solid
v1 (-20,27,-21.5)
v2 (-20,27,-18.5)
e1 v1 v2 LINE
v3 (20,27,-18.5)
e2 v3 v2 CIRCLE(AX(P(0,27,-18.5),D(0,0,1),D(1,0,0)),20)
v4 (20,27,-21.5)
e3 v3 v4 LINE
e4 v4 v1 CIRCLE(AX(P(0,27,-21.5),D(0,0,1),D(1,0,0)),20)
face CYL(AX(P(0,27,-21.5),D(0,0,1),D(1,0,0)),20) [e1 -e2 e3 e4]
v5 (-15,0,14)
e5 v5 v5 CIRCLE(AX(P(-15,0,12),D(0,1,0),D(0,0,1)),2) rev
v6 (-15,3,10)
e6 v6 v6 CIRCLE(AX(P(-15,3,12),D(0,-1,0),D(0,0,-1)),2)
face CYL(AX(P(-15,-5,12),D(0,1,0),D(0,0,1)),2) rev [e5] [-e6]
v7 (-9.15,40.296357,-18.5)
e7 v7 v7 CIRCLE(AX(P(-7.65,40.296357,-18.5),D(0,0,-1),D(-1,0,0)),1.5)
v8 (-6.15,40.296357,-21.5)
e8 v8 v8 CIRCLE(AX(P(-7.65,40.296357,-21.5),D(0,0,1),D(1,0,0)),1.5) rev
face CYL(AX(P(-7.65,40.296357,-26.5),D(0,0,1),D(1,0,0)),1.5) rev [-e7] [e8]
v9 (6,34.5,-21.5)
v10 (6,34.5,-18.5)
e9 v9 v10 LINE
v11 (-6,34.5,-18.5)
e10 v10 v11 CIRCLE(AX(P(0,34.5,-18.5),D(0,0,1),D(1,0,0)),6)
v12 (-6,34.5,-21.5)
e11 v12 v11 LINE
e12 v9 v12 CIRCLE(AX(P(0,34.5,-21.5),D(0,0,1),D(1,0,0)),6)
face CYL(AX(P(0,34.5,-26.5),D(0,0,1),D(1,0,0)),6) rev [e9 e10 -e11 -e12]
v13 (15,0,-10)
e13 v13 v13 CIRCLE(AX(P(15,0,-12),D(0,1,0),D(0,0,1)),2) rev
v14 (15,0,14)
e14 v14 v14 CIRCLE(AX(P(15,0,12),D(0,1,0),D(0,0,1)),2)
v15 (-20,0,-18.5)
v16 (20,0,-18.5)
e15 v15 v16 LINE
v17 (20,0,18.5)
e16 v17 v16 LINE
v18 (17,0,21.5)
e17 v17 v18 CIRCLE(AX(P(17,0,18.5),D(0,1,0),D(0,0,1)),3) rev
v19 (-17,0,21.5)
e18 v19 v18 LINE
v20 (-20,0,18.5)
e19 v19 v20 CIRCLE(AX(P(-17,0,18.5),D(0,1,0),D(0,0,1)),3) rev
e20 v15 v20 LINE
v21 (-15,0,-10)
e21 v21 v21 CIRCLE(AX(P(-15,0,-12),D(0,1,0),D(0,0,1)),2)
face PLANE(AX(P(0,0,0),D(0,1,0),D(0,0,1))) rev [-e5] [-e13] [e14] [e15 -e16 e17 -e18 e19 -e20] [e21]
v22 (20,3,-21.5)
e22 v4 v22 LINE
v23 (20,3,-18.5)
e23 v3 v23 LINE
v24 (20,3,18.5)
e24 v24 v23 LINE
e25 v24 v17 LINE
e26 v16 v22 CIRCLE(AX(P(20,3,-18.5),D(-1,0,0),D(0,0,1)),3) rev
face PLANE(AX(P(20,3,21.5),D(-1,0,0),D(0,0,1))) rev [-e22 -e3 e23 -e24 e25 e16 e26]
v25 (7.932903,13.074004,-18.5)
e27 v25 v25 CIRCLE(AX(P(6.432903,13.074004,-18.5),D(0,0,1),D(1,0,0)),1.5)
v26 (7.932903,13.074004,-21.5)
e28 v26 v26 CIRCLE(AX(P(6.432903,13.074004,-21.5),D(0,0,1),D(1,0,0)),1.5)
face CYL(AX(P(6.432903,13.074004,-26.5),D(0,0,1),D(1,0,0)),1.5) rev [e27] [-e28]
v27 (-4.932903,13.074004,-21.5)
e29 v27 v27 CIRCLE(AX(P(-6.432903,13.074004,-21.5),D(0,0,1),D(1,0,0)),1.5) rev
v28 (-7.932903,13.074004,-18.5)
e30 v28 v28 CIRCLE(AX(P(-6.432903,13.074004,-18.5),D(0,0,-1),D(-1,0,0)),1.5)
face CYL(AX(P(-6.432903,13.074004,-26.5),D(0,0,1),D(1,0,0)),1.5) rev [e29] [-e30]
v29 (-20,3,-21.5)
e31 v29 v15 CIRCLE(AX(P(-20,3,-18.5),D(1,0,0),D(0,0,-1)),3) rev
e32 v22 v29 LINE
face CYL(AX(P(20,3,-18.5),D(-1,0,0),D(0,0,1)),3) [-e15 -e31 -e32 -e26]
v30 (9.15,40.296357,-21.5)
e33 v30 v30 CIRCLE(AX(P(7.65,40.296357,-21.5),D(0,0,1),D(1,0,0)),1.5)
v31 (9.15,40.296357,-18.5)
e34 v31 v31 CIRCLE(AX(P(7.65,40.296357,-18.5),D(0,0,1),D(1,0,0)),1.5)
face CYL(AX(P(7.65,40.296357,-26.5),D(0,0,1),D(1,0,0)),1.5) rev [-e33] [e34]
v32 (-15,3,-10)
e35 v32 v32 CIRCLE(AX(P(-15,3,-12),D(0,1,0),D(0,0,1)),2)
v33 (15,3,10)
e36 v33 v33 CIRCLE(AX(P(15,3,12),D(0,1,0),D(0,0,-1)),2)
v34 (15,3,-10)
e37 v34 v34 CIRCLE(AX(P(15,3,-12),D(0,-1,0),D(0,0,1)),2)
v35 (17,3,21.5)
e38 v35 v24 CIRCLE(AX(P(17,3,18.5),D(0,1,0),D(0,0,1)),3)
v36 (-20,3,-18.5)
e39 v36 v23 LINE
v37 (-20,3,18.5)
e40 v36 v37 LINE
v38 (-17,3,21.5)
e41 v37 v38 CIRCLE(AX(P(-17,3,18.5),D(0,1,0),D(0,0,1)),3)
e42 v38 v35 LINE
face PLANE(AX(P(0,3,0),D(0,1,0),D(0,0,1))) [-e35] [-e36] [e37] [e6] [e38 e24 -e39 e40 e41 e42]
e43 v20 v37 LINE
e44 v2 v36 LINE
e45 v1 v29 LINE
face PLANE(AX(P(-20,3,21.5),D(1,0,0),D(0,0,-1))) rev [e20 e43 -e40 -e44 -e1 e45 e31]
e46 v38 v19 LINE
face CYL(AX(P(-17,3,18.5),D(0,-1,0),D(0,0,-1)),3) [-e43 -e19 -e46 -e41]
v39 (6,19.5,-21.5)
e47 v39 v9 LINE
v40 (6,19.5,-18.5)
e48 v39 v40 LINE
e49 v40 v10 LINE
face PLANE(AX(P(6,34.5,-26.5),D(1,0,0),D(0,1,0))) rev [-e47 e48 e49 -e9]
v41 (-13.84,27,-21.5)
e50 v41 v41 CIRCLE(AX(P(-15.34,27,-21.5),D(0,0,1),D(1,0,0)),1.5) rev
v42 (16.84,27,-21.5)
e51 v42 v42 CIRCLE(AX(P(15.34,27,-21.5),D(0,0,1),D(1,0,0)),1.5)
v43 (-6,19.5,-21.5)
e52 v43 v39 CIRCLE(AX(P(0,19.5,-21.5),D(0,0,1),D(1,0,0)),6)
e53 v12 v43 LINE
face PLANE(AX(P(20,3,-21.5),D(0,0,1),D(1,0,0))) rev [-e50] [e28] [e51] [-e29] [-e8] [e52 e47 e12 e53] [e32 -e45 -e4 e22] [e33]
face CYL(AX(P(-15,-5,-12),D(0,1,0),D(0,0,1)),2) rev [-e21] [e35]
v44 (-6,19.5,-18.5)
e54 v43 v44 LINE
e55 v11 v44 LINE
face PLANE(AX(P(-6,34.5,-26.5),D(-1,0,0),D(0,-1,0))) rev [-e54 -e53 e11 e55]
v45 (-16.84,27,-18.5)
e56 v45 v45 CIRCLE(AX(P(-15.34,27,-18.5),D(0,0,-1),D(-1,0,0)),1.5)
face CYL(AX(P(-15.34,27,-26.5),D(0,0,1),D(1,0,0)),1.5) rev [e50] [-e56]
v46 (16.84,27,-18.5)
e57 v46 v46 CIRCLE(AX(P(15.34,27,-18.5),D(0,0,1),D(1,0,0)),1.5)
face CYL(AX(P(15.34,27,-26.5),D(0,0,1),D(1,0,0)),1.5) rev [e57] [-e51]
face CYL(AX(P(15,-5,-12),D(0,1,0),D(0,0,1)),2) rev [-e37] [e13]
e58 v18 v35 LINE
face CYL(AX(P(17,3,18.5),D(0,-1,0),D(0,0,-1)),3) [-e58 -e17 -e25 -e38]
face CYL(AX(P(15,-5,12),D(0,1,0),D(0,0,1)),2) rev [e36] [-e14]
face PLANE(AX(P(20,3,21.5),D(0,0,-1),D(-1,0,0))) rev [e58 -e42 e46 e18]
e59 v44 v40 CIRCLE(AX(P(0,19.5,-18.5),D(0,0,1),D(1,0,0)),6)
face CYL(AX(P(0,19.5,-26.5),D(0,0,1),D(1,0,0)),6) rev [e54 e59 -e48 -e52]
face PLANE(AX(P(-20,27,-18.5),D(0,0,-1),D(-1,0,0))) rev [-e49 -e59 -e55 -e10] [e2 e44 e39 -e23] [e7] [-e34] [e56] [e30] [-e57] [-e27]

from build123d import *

# Parameters (mm, degrees)
SKETCH3_W               = 40
SKETCH3_H               = 43
BOSS_EXTRUDE1_DEPTH     = 3
SKETCH4_W               = 40
SKETCH4_H               = 3
BOSS_EXTRUDE2_DEPTH     = 24
SKETCH6_R               = 20
BOSS_EXTRUDE3_DEPTH     = 3
SKETCH7_R               = 1.5
CUT_EXTRUDE1_DEPTH      = 8
FILLET1_R               = 3
SKETCH8_R               = 2
CUT_EXTRUDE2_DEPTH      = 8
MIRROR3_COPY_1_SKETCH_R = 2
MIRROR3_COPY_1_DEPTH    = 8
FILLET2_R               = 3
CUT_EXTRUDE3_DEPTH      = 8


with BuildPart() as part:
    # Sketch3 → Boss-Extrude1 (new body)
    with BuildSketch(Plane(origin=(0, 0, 0), x_dir=(1, 0, 0), z_dir=(0, 1, 0))):
        Rectangle(SKETCH3_W, SKETCH3_H)
    extrude(amount=BOSS_EXTRUDE1_DEPTH)

    # Sketch4 → Boss-Extrude2 (add)
    with BuildSketch(Plane(origin=(0, 3, 0), x_dir=(1, 0, 0), z_dir=(0, 1, 0))):
        with Locations((0, 20)):
            Rectangle(SKETCH4_W, SKETCH4_H)
    extrude(amount=BOSS_EXTRUDE2_DEPTH)

    # Sketch6 → Boss-Extrude3 (add)
    with BuildSketch(Plane.XY.offset(-18.5)):
        with Locations((0, 27)):
            Circle(SKETCH6_R)
    extrude(amount=-BOSS_EXTRUDE3_DEPTH)

    # Sketch7 → Cut-Extrude1 (cut)
    with BuildSketch(Plane.XY.offset(-18.5)):
        with Locations((7.65, 40.296356644)):
            Circle(SKETCH7_R)
        with Locations((15.34, 27)):
            Circle(SKETCH7_R)
        with Locations((6.432903226, 13.074004305)):
            Circle(SKETCH7_R)
    cut_extrude1 = extrude(amount=-CUT_EXTRUDE1_DEPTH, mode=Mode.SUBTRACT)

    # Mirror1: Cut-Extrude1 across plane
    add(cut_extrude1.mirror(Plane(origin=(0, 0, 0), x_dir=(0, 0, 1), z_dir=(1, 0, 0))), mode=Mode.SUBTRACT)

    # Fillet1
    fillet1_edges = [part.edges().sort_by_distance(p)[0] for p in [
        (0, 0, -21.5),
    ]]
    fillet(fillet1_edges, radius=FILLET1_R)

    # Sketch8 → Cut-Extrude2 (cut)
    with BuildSketch(Plane(origin=(0, 3, 0), x_dir=(1, 0, 0), z_dir=(0, 1, 0))):
        with Locations((-15, 12)):
            Circle(SKETCH8_R)
    cut_extrude2 = extrude(amount=-CUT_EXTRUDE2_DEPTH, mode=Mode.SUBTRACT)

    # Mirror2: Cut-Extrude2 across plane
    add(cut_extrude2.mirror(Plane(origin=(0, 0, 0), x_dir=(0, 0, 1), z_dir=(1, 0, 0))), mode=Mode.SUBTRACT)

    # Mirror3: Cut-Extrude2 across plane
    add(cut_extrude2.mirror(Plane.XY), mode=Mode.SUBTRACT)

    # Mirror3 copy 1 sketch → Mirror3 copy 1 (cut)
    with BuildSketch(Plane(origin=(0, 3, 0), x_dir=(-1, 0, 0), z_dir=(0, 1, 0))):
        with Locations((-15, 12)):
            Circle(MIRROR3_COPY_1_SKETCH_R)
    extrude(amount=-MIRROR3_COPY_1_DEPTH, mode=Mode.SUBTRACT)

    # Fillet2
    fillet2_edges = [part.edges().sort_by_distance(p)[0] for p in [
        (20, 1.5, 21.5),
        (-20, 1.5, 21.5),
    ]]
    fillet(fillet2_edges, radius=FILLET2_R)

    # Sketch9 → Cut-Extrude3 (cut)
    with BuildSketch(Plane.XY.offset(-18.5)):
        with BuildLine():
            Line((6, 34.5), (6, 19.5))
            ThreePointArc((6, 19.5), (0, 13.5), (-6, 19.5))
            Line((-6, 19.5), (-6, 34.5))
            ThreePointArc((-6, 34.5), (0, 40.5), (6, 34.5))
        make_face()
    extrude(amount=-CUT_EXTRUDE3_DEPTH, mode=Mode.SUBTRACT)


solid = part.part
